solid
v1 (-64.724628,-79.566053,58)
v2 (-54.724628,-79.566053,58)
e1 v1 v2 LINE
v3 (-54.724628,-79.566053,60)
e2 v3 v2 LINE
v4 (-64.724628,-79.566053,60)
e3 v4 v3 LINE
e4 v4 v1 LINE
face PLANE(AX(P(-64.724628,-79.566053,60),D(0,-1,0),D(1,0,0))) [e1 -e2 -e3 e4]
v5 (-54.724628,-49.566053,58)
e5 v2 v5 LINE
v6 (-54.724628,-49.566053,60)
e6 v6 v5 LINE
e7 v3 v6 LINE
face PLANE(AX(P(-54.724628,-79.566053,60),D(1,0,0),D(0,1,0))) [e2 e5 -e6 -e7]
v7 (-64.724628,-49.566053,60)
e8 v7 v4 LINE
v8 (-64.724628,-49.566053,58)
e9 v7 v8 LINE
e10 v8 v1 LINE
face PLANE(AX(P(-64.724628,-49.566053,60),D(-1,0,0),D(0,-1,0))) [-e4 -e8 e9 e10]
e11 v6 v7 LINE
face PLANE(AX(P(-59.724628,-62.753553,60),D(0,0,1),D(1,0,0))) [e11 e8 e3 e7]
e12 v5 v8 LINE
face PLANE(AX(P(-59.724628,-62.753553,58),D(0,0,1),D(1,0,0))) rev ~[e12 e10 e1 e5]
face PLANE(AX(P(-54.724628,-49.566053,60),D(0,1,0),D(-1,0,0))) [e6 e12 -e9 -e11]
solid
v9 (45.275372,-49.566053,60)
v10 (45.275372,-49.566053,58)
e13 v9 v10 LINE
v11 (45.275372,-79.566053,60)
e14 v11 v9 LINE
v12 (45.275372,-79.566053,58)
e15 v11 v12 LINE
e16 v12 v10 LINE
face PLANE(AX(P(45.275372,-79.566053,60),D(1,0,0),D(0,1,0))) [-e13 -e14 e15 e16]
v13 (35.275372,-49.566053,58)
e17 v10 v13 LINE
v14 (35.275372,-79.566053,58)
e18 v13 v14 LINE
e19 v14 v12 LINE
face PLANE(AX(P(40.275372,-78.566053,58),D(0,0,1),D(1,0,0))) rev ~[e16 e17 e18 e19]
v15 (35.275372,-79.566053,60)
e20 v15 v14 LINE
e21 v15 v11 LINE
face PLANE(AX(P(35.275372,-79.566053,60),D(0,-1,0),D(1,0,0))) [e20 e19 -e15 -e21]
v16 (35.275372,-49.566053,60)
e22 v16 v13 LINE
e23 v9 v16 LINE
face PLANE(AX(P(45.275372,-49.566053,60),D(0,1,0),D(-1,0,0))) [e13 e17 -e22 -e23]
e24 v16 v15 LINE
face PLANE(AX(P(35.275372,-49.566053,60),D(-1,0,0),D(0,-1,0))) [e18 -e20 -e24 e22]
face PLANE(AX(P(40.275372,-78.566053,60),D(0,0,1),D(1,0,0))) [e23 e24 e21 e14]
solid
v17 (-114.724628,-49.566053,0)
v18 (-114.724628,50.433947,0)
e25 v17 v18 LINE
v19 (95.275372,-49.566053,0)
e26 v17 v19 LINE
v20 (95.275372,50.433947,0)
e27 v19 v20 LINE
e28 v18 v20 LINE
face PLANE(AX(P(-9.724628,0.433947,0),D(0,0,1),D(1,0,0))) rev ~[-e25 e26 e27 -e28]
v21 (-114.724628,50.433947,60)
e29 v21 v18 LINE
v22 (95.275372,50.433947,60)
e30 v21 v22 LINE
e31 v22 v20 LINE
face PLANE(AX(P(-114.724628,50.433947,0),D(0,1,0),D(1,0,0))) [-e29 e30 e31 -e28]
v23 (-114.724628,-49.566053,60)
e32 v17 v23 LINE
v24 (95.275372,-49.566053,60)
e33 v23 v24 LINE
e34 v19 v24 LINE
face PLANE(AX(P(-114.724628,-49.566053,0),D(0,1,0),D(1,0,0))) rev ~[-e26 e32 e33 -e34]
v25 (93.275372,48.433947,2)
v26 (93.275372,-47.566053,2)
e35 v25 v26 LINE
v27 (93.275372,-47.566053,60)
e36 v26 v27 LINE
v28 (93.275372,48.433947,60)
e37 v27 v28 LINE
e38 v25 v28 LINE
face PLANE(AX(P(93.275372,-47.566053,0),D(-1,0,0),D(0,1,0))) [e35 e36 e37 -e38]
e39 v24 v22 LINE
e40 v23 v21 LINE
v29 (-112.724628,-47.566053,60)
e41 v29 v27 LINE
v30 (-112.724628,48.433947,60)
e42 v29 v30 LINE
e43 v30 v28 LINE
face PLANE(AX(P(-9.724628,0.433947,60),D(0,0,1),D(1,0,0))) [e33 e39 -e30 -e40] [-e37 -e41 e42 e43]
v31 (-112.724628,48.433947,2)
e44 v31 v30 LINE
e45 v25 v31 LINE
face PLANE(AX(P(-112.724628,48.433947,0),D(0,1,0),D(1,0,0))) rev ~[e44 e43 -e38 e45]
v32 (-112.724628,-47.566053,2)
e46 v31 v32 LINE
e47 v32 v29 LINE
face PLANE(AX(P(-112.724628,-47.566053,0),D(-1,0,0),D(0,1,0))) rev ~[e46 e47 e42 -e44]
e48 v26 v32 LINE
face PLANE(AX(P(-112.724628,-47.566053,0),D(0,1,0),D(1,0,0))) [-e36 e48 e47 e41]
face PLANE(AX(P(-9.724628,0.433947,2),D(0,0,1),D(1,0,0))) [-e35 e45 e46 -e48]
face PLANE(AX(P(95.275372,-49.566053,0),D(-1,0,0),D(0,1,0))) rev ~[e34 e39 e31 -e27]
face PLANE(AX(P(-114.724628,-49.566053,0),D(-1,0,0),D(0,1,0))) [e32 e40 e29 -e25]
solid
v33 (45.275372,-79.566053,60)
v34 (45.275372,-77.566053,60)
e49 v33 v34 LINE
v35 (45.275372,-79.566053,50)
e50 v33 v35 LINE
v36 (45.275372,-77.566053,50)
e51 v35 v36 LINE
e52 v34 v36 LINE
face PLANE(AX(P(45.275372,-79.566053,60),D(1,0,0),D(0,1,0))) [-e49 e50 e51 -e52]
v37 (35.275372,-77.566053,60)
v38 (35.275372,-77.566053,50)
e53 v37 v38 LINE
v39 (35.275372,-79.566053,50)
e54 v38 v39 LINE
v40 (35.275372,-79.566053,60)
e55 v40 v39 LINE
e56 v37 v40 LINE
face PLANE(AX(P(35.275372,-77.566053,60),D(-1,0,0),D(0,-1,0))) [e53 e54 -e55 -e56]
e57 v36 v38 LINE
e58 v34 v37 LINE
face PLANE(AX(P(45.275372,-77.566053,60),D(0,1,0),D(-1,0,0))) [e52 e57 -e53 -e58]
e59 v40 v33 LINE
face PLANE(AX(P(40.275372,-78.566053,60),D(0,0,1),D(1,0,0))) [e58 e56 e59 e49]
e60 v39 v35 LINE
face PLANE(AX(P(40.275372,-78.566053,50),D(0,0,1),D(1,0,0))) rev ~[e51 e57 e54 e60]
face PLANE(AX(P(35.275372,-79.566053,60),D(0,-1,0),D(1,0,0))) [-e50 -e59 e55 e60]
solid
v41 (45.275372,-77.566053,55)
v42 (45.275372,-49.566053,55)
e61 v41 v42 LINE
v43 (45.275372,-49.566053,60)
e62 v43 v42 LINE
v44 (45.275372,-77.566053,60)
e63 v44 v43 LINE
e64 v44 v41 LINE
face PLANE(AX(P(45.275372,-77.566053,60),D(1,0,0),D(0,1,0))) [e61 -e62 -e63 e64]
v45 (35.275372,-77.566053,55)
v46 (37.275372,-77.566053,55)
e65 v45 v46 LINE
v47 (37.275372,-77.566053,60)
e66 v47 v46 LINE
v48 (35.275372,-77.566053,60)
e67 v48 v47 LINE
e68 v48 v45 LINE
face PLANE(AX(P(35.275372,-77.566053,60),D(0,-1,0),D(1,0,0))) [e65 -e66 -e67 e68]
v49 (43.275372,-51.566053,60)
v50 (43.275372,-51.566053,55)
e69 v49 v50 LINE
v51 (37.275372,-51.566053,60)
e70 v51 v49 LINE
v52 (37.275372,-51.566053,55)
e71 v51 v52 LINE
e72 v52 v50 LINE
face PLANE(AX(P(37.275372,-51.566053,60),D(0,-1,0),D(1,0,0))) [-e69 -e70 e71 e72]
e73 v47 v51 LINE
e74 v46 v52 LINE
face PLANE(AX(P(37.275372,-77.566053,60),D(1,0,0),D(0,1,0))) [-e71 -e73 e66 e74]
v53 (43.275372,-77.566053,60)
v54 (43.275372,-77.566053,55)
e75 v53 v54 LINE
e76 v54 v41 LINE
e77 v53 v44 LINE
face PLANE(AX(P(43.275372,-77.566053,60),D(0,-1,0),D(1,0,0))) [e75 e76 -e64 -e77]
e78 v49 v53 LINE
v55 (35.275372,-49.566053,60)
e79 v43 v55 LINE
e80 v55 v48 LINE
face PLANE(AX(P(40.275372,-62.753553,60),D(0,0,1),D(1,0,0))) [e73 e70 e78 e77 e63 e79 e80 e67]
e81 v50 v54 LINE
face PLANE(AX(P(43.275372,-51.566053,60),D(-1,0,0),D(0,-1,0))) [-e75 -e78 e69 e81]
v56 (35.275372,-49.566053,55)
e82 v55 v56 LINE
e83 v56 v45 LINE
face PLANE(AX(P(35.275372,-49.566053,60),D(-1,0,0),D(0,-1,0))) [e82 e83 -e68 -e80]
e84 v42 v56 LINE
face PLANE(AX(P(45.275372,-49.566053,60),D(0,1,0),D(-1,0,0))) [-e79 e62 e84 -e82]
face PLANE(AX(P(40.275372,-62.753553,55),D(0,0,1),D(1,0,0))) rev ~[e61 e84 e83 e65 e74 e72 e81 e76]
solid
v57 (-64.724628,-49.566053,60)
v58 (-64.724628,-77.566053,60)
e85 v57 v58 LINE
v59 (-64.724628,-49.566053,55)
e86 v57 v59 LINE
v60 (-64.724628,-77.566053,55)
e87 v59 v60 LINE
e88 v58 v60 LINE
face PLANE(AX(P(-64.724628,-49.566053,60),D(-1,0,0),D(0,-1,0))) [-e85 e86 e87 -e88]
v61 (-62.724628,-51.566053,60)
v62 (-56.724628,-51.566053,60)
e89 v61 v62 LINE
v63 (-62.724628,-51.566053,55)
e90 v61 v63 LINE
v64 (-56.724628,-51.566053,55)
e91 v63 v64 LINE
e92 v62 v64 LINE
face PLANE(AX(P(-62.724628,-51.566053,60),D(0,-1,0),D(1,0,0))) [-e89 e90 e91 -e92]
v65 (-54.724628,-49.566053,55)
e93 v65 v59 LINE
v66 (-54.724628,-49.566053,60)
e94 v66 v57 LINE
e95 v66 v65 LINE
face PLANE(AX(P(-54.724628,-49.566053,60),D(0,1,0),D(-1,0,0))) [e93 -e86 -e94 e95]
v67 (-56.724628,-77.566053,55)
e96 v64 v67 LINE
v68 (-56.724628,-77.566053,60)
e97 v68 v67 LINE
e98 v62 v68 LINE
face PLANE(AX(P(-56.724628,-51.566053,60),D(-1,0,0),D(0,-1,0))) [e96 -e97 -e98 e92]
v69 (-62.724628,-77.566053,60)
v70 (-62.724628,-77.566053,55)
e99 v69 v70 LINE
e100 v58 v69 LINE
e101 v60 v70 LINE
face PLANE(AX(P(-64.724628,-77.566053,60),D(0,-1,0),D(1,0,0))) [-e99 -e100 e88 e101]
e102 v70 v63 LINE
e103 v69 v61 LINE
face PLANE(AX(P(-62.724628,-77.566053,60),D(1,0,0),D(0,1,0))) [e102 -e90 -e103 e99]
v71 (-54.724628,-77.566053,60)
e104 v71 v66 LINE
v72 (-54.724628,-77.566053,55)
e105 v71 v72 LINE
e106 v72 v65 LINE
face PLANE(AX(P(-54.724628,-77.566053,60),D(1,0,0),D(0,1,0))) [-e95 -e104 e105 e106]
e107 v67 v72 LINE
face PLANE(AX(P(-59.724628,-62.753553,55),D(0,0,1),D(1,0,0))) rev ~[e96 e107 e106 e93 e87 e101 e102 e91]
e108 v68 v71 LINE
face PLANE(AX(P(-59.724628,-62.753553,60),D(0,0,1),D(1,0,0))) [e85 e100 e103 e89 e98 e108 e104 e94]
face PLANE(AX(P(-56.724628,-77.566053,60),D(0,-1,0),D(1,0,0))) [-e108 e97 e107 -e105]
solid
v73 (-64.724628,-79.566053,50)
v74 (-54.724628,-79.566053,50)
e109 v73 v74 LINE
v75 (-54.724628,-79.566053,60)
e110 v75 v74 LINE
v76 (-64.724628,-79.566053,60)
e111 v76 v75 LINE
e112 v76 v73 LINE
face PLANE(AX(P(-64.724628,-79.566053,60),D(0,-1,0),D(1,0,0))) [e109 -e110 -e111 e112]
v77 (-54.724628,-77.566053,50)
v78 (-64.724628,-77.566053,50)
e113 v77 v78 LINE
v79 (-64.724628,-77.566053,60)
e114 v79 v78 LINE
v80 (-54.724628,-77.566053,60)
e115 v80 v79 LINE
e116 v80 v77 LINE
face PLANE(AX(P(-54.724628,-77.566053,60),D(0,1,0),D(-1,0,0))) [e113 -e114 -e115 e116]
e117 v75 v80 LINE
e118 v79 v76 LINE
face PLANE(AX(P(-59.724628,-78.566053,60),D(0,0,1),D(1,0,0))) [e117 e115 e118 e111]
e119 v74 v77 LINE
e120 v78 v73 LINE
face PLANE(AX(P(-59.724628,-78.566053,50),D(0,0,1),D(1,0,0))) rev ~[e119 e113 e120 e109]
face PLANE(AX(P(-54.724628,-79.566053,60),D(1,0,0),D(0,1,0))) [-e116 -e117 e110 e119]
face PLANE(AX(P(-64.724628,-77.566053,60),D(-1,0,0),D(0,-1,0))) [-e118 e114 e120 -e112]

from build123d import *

# Parameters (mm, degrees)
F0_W     = 210
F0_H     = 100
F0_W_2   = 206
F0_H_2   = 96
F1_DEPTH = 2
F2_DEPTH = 60
F4_W     = 6
F4_H     = 26
F5_DEPTH = 2
F6_DEPTH = 10
F7_DEPTH = 5


with BuildPart() as f1:
    # F0 (on Top) → F1 (new body)
    with BuildSketch(Plane.XY):
        with Locations((-9.7246277332, 0.4339471459)):
            Rectangle(F0_W, F0_H)
        with Locations((-9.7246277332, 0.4339471459)):
            Rectangle(F0_W_2, F0_H_2, mode=Mode.SUBTRACT)
        with Locations((-9.7246277332, 0.4339471459)):
            Rectangle(F0_W_2, F0_H_2)
    extrude(amount=F1_DEPTH)

    # F0 (on Top) → F2 (join)
    with BuildSketch(Plane.XY):
        with Locations((-9.7246277332, 0.4339471459)):
            Rectangle(F0_W, F0_H)
        with Locations((-9.7246277332, 0.4339471459)):
            Rectangle(F0_W_2, F0_H_2, mode=Mode.SUBTRACT)
    extrude(amount=F2_DEPTH)


with BuildPart() as f5:
    # F4 (on face) → F5 (new body)
    with BuildSketch(Plane.XY.offset(60)):
        Polygon((-54.7246277332, -49.5660528541), (-64.7246277332, -49.5660528541), (-64.7246277332, -77.5660528541), (-62.7246277332, -77.5660528541), (-62.7246277332, -51.5660528541), (-56.7246277332, -51.5660528541), (-56.7246277332, -77.5660528541), (-54.7246277332, -77.5660528541), align=None)
        with Locations((-59.7246277332, -64.5660528541)):
            Rectangle(F4_W, F4_H)
        Polygon((-62.7246277332, -77.5660528541), (-64.7246277332, -77.5660528541), (-64.7246277332, -79.5660528541), (-54.7246277332, -79.5660528541), (-54.7246277332, -77.5660528541), (-56.7246277332, -77.5660528541), align=None)
    extrude(amount=-F5_DEPTH)


with BuildPart() as f5b:
    # F4 (on face) → F5, piece 2 (new body)
    with BuildSketch(Plane.XY.offset(60)):
        Polygon((37.2753722668, -77.5660528541), (35.2753722668, -77.5660528541), (35.2753722668, -79.5660528541), (45.2753722668, -79.5660528541), (45.2753722668, -77.5660528541), (43.2753722668, -77.5660528541), align=None)
        with Locations((40.2753722668, -64.5660528541)):
            Rectangle(F4_W, F4_H)
        Polygon((45.2753722668, -49.5660528541), (35.2753722668, -49.5660528541), (35.2753722668, -77.5660528541), (37.2753722668, -77.5660528541), (37.2753722668, -51.5660528541), (43.2753722668, -51.5660528541), (43.2753722668, -77.5660528541), (45.2753722668, -77.5660528541), align=None)
    extrude(amount=-F5_DEPTH)


with BuildPart() as f6:
    # F4 (on face) → F6 (new body)
    with BuildSketch(Plane.XY.offset(60)):
        Polygon((-62.7246277332, -77.5660528541), (-64.7246277332, -77.5660528541), (-64.7246277332, -79.5660528541), (-54.7246277332, -79.5660528541), (-54.7246277332, -77.5660528541), (-56.7246277332, -77.5660528541), align=None)
    extrude(amount=-F6_DEPTH)


with BuildPart() as f6b:
    # F4 (on face) → F6, piece 2 (new body)
    with BuildSketch(Plane.XY.offset(60)):
        Polygon((37.2753722668, -77.5660528541), (35.2753722668, -77.5660528541), (35.2753722668, -79.5660528541), (45.2753722668, -79.5660528541), (45.2753722668, -77.5660528541), (43.2753722668, -77.5660528541), align=None)
    extrude(amount=-F6_DEPTH)


with BuildPart() as f7:
    # F4 (on face) → F7 (new body)
    with BuildSketch(Plane.XY.offset(60)):
        Polygon((-54.7246277332, -49.5660528541), (-64.7246277332, -49.5660528541), (-64.7246277332, -77.5660528541), (-62.7246277332, -77.5660528541), (-62.7246277332, -51.5660528541), (-56.7246277332, -51.5660528541), (-56.7246277332, -77.5660528541), (-54.7246277332, -77.5660528541), align=None)
    extrude(amount=-F7_DEPTH)


with BuildPart() as f7b:
    # F4 (on face) → F7, piece 2 (new body)
    with BuildSketch(Plane.XY.offset(60)):
        Polygon((45.2753722668, -49.5660528541), (35.2753722668, -49.5660528541), (35.2753722668, -77.5660528541), (37.2753722668, -77.5660528541), (37.2753722668, -51.5660528541), (43.2753722668, -51.5660528541), (43.2753722668, -77.5660528541), (45.2753722668, -77.5660528541), align=None)
    extrude(amount=-F7_DEPTH)


solid = Compound([f1.part, f5.part, f5b.part, f6.part, f6b.part, f7.part, f7b.part])
